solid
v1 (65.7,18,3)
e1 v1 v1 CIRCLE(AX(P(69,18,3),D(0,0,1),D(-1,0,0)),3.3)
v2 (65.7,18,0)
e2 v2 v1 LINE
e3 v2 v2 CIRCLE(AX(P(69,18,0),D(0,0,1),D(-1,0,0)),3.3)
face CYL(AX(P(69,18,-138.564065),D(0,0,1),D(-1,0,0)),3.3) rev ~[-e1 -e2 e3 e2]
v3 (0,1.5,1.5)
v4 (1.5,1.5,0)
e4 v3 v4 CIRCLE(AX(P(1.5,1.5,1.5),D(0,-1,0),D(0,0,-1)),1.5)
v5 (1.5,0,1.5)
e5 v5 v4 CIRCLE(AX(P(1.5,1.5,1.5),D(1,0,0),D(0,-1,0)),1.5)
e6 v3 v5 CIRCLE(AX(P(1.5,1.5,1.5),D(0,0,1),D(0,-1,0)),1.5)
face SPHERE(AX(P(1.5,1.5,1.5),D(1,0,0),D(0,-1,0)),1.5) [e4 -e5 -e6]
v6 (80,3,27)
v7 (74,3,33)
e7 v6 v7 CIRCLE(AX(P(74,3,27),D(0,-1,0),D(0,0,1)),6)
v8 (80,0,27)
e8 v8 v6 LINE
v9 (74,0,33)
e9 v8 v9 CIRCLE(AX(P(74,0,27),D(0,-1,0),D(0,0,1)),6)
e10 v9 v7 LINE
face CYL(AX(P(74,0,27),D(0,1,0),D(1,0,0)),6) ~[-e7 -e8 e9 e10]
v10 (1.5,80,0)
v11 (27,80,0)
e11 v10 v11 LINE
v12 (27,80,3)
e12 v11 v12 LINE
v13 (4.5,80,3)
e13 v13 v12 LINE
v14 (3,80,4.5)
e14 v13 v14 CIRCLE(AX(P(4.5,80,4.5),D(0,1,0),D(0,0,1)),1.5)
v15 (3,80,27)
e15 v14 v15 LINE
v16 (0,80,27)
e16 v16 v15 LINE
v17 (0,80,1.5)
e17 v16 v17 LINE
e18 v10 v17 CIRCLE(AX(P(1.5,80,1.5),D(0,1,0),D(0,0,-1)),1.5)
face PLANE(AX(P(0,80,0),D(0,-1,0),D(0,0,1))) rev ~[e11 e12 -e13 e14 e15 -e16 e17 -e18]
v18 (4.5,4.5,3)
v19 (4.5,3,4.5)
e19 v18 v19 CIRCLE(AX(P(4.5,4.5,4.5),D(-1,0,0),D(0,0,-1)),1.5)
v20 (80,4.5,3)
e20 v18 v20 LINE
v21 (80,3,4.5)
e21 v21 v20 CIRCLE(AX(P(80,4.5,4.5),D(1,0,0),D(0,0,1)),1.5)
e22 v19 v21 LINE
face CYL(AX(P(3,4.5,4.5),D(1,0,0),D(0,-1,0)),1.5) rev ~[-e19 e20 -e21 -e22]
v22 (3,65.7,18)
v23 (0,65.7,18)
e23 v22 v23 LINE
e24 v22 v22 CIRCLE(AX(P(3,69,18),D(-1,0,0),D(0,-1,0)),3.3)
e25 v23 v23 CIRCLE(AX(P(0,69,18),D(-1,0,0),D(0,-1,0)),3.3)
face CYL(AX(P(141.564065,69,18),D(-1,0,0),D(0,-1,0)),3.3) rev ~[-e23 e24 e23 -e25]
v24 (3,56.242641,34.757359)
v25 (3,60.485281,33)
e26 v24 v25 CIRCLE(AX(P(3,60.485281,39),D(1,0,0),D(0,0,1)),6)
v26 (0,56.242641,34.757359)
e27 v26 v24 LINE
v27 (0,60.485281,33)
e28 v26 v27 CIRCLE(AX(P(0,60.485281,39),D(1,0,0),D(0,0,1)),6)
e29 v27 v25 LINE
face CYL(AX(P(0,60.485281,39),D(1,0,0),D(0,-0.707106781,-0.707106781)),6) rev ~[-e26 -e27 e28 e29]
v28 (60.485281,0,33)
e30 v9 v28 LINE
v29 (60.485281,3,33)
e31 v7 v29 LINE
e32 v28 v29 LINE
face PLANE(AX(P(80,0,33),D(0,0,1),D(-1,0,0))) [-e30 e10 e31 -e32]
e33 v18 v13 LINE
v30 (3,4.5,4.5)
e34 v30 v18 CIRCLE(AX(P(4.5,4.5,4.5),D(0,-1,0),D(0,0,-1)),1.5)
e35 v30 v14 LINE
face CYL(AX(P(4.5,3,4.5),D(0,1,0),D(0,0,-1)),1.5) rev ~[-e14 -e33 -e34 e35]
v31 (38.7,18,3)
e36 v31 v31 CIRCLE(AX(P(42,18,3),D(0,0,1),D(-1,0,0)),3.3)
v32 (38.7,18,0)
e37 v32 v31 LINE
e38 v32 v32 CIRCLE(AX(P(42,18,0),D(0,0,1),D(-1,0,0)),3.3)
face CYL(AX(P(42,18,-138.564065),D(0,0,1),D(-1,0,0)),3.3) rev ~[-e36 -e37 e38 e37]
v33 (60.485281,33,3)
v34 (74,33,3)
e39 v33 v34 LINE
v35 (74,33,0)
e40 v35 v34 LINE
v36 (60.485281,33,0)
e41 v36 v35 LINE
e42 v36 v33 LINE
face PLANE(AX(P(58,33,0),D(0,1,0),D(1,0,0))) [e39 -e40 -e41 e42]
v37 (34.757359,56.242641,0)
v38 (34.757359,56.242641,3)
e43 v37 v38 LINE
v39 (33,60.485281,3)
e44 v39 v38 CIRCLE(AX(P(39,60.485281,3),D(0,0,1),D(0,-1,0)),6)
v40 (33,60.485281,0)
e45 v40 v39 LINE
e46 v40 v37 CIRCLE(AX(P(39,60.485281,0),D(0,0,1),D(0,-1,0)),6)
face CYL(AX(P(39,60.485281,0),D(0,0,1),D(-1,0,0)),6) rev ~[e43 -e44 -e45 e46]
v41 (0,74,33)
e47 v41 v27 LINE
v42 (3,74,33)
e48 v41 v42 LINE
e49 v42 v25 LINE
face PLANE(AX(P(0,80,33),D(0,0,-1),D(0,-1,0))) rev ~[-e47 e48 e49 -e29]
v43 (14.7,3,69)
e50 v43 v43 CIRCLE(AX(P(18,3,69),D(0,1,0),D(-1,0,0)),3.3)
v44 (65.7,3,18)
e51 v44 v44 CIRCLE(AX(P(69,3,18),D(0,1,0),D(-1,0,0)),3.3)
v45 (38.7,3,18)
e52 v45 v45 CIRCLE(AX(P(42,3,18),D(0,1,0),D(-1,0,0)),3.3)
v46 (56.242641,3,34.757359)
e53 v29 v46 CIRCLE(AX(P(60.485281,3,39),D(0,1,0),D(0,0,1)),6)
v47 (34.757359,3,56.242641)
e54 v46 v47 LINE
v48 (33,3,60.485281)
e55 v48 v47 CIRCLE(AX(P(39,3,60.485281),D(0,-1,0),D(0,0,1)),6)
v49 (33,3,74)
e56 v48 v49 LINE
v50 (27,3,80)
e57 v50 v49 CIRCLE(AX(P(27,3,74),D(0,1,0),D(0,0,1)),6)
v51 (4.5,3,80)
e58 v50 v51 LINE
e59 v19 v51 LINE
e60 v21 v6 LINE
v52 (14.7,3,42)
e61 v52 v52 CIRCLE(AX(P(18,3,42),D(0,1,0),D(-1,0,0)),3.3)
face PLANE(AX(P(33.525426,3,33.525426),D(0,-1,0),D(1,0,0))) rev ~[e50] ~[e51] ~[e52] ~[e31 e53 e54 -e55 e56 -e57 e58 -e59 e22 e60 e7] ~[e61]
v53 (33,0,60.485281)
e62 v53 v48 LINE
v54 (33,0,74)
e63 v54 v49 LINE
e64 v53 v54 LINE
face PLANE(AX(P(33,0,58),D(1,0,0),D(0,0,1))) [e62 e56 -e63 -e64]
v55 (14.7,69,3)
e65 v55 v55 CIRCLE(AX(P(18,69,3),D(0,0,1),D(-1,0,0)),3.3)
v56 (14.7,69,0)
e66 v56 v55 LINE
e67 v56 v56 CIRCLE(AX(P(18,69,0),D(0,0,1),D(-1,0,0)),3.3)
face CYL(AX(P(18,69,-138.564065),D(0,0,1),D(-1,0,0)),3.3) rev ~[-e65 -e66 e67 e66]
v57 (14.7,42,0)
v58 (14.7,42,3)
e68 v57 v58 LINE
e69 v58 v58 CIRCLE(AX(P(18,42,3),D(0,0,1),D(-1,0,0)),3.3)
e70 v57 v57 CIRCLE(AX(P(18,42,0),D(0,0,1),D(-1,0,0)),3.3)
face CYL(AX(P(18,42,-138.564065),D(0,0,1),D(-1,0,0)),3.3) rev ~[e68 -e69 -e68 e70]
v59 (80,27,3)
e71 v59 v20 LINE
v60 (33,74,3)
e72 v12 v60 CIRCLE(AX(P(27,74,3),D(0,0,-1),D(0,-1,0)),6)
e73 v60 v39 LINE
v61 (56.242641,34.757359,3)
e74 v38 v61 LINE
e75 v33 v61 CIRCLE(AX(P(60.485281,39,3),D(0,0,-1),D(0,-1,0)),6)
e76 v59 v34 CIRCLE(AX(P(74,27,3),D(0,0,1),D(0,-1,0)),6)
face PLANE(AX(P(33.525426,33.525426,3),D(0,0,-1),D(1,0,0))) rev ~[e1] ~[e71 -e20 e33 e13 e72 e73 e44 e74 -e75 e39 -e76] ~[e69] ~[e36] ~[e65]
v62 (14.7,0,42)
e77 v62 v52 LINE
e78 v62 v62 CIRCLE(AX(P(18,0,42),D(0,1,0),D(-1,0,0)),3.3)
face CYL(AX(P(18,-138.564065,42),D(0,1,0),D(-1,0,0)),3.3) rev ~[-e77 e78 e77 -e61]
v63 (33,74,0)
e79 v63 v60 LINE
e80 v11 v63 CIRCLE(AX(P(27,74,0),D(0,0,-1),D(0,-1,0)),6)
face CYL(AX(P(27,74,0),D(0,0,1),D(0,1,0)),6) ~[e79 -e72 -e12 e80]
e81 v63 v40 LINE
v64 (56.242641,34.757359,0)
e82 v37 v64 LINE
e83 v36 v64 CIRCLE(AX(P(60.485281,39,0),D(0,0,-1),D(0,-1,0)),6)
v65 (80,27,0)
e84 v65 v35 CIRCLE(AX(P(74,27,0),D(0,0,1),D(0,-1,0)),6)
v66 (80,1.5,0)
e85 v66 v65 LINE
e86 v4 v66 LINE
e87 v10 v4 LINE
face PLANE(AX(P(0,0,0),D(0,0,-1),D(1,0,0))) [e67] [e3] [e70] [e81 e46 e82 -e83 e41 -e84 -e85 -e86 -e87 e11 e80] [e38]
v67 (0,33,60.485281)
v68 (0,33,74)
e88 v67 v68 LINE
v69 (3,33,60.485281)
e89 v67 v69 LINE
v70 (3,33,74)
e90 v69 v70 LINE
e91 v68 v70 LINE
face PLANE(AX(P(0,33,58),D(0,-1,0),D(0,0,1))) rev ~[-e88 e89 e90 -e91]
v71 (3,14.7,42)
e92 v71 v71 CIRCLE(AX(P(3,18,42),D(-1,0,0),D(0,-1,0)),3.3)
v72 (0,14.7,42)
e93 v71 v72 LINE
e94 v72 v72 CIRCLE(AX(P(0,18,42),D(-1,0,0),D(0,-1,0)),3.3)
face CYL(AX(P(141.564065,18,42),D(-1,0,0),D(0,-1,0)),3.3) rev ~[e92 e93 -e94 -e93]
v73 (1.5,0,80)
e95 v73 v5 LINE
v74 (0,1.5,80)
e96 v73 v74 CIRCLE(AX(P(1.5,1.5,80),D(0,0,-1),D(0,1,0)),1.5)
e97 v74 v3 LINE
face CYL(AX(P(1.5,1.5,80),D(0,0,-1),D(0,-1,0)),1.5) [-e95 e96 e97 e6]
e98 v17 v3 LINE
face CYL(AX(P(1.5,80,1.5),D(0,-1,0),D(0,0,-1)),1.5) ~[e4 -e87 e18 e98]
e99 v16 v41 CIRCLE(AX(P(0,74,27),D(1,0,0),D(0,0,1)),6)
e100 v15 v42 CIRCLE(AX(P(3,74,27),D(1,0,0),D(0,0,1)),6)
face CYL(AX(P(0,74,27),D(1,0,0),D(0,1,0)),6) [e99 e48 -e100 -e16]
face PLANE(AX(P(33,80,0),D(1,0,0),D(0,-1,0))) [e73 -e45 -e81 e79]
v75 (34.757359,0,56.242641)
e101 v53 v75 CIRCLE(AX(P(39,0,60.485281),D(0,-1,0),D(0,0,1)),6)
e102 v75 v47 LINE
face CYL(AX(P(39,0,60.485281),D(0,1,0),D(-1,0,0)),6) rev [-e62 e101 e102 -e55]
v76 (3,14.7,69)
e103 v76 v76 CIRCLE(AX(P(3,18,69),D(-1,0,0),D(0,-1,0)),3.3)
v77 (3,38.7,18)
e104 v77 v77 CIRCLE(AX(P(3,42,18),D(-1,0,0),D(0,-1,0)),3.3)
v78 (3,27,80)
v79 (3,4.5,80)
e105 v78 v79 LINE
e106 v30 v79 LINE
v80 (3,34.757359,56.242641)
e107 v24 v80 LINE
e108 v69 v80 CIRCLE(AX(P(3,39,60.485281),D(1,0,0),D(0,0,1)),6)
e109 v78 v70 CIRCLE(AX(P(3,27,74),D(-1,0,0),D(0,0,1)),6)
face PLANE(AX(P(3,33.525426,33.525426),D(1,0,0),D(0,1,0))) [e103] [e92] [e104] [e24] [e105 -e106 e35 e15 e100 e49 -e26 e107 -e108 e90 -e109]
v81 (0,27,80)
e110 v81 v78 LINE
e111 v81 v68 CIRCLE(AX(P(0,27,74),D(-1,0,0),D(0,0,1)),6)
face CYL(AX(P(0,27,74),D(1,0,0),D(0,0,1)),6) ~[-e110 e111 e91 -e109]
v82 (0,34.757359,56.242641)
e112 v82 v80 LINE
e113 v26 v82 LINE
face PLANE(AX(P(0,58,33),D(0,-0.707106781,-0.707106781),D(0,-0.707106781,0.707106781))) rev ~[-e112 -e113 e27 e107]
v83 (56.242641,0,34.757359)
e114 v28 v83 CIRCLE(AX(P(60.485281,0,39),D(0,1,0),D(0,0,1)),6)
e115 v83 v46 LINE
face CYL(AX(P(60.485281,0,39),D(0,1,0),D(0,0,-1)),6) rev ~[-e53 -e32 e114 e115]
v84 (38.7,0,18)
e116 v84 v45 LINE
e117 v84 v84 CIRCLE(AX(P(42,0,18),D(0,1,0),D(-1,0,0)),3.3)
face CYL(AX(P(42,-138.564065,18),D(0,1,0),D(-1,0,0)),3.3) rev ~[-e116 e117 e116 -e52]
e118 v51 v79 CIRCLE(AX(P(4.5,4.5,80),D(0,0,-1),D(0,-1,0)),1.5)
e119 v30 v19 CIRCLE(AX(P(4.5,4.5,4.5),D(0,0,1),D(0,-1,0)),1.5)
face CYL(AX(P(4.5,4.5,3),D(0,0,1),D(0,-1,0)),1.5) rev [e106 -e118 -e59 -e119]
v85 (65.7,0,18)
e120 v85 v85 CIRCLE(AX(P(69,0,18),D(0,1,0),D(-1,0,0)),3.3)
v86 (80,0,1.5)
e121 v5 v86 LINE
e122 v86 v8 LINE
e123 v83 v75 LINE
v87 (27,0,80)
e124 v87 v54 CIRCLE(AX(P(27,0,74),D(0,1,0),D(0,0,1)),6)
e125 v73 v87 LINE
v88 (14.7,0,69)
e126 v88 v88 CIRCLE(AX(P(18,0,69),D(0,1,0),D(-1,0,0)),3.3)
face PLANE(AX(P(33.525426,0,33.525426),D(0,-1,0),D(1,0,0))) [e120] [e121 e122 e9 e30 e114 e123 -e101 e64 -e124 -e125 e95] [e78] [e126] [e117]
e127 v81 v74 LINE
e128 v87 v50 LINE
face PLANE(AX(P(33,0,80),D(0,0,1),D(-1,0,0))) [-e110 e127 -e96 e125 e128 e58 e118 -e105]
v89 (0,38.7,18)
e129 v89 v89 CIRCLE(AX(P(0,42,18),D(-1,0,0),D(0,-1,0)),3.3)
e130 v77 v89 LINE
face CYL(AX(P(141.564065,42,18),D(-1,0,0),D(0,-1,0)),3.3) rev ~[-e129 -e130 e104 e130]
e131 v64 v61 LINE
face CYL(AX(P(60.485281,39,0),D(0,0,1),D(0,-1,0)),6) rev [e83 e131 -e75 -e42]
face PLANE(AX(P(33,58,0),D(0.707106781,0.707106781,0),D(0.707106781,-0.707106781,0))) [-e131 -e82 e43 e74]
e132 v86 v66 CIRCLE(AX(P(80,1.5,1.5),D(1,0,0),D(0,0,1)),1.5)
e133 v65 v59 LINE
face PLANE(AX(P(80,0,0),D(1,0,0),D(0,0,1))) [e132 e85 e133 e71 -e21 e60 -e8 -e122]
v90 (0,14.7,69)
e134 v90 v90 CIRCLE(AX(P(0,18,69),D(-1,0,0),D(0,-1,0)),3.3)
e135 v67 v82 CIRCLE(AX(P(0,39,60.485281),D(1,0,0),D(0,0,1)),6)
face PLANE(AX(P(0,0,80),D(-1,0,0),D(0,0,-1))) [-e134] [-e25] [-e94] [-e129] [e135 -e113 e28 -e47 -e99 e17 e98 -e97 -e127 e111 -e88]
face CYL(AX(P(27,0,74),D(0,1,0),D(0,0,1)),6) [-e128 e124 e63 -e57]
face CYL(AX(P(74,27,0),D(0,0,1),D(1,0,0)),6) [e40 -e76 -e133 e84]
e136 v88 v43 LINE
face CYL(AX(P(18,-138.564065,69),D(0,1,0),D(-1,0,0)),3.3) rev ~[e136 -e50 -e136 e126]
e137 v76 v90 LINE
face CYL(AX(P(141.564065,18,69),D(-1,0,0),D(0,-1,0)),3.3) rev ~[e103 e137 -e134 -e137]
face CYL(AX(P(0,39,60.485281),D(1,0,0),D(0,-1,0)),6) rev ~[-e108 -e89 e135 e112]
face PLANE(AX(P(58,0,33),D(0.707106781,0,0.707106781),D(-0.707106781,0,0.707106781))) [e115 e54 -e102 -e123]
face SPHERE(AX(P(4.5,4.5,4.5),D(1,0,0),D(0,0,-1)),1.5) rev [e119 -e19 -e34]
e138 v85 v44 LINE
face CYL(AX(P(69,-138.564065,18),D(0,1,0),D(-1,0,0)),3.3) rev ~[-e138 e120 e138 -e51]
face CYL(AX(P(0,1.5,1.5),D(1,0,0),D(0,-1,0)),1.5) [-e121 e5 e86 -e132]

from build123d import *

# Parameters (mm, degrees)
F1_DEPTH = 3
F3_DEPTH = 3
F5_DEPTH = 3
F7_D     = 6.6
F9_D     = 6.6
F11_D    = 6.6
F12_R    = 6
F13_R    = 1.5


with BuildPart() as f1:
    # F0 (on Front) → F1 (new body)
    with BuildSketch(Plane.XZ):
        Polygon((33, 80), (0, 80), (0, 0), (80, 0), (80, 33), (58, 33), (33, 58), align=None)
    extrude(amount=-F1_DEPTH)

    # F2 (on Right) → F3 (join)
    with BuildSketch(Plane.YZ):
        Polygon((0, 80), (0, 0), (80, 0), (80, 33), (58, 33), (33, 58), (33, 80), align=None)
    extrude(amount=F3_DEPTH)

    # F4 (on face) → F5 (join)
    with BuildSketch(Plane(origin=(0, 0, 0), x_dir=(1, 0, 0), z_dir=(0, 0, -1))):
        Polygon((80, 0), (0, 0), (0, -80), (33, -80), (33, -58), (58, -33), (80, -33), align=None)
    extrude(amount=-F5_DEPTH)

    # F7 (through all)
    with Locations(Plane.XZ):
        with Locations((42, 18), (69, 18), (18, 69), (18, 42)):
            Hole(F7_D / 2)

    # F9 (through all)
    with Locations(Plane.YZ.offset(3)):
        with Locations((42, 18), (69, 18), (18, 69), (18, 42)):
            Hole(F9_D / 2)

    # F11 (through all)
    with Locations(Plane(origin=(0, 0, 0), x_dir=(1, 0, 0), z_dir=(0, 0, -1))):
        with Locations((42, -18), (69, -18), (18, -42), (18, -69)):
            Hole(F11_D / 2)

    # F12
    f12_edges = [f1.edges().sort_by_distance(p)[0] for p in [
        (33, 1.5, 80),
        (1.5, 80, 33),
        (80, 1.5, 33),
        (33, 1.5, 58),
        (58, 1.5, 33),
        (58, 33, 1.5),
        (33, 58, 1.5),
        (1.5, 58, 33),
        (1.5, 33, 58),
        (1.5, 33, 80),
        (33, 80, 1.5),
        (80, 33, 1.5),
    ]]
    fillet(f12_edges, radius=F12_R)

    # F13
    f13_edges = [f1.edges().sort_by_distance(p)[0] for p in [
        (41.5, 3, 3),
        (3, 41.5, 3),
        (3, 3, 41.5),
        (40, 0, 0),
        (0, 0, 40),
        (0, 40, 0),
    ]]
    fillet(f13_edges, radius=F13_R)


solid = f1.part
